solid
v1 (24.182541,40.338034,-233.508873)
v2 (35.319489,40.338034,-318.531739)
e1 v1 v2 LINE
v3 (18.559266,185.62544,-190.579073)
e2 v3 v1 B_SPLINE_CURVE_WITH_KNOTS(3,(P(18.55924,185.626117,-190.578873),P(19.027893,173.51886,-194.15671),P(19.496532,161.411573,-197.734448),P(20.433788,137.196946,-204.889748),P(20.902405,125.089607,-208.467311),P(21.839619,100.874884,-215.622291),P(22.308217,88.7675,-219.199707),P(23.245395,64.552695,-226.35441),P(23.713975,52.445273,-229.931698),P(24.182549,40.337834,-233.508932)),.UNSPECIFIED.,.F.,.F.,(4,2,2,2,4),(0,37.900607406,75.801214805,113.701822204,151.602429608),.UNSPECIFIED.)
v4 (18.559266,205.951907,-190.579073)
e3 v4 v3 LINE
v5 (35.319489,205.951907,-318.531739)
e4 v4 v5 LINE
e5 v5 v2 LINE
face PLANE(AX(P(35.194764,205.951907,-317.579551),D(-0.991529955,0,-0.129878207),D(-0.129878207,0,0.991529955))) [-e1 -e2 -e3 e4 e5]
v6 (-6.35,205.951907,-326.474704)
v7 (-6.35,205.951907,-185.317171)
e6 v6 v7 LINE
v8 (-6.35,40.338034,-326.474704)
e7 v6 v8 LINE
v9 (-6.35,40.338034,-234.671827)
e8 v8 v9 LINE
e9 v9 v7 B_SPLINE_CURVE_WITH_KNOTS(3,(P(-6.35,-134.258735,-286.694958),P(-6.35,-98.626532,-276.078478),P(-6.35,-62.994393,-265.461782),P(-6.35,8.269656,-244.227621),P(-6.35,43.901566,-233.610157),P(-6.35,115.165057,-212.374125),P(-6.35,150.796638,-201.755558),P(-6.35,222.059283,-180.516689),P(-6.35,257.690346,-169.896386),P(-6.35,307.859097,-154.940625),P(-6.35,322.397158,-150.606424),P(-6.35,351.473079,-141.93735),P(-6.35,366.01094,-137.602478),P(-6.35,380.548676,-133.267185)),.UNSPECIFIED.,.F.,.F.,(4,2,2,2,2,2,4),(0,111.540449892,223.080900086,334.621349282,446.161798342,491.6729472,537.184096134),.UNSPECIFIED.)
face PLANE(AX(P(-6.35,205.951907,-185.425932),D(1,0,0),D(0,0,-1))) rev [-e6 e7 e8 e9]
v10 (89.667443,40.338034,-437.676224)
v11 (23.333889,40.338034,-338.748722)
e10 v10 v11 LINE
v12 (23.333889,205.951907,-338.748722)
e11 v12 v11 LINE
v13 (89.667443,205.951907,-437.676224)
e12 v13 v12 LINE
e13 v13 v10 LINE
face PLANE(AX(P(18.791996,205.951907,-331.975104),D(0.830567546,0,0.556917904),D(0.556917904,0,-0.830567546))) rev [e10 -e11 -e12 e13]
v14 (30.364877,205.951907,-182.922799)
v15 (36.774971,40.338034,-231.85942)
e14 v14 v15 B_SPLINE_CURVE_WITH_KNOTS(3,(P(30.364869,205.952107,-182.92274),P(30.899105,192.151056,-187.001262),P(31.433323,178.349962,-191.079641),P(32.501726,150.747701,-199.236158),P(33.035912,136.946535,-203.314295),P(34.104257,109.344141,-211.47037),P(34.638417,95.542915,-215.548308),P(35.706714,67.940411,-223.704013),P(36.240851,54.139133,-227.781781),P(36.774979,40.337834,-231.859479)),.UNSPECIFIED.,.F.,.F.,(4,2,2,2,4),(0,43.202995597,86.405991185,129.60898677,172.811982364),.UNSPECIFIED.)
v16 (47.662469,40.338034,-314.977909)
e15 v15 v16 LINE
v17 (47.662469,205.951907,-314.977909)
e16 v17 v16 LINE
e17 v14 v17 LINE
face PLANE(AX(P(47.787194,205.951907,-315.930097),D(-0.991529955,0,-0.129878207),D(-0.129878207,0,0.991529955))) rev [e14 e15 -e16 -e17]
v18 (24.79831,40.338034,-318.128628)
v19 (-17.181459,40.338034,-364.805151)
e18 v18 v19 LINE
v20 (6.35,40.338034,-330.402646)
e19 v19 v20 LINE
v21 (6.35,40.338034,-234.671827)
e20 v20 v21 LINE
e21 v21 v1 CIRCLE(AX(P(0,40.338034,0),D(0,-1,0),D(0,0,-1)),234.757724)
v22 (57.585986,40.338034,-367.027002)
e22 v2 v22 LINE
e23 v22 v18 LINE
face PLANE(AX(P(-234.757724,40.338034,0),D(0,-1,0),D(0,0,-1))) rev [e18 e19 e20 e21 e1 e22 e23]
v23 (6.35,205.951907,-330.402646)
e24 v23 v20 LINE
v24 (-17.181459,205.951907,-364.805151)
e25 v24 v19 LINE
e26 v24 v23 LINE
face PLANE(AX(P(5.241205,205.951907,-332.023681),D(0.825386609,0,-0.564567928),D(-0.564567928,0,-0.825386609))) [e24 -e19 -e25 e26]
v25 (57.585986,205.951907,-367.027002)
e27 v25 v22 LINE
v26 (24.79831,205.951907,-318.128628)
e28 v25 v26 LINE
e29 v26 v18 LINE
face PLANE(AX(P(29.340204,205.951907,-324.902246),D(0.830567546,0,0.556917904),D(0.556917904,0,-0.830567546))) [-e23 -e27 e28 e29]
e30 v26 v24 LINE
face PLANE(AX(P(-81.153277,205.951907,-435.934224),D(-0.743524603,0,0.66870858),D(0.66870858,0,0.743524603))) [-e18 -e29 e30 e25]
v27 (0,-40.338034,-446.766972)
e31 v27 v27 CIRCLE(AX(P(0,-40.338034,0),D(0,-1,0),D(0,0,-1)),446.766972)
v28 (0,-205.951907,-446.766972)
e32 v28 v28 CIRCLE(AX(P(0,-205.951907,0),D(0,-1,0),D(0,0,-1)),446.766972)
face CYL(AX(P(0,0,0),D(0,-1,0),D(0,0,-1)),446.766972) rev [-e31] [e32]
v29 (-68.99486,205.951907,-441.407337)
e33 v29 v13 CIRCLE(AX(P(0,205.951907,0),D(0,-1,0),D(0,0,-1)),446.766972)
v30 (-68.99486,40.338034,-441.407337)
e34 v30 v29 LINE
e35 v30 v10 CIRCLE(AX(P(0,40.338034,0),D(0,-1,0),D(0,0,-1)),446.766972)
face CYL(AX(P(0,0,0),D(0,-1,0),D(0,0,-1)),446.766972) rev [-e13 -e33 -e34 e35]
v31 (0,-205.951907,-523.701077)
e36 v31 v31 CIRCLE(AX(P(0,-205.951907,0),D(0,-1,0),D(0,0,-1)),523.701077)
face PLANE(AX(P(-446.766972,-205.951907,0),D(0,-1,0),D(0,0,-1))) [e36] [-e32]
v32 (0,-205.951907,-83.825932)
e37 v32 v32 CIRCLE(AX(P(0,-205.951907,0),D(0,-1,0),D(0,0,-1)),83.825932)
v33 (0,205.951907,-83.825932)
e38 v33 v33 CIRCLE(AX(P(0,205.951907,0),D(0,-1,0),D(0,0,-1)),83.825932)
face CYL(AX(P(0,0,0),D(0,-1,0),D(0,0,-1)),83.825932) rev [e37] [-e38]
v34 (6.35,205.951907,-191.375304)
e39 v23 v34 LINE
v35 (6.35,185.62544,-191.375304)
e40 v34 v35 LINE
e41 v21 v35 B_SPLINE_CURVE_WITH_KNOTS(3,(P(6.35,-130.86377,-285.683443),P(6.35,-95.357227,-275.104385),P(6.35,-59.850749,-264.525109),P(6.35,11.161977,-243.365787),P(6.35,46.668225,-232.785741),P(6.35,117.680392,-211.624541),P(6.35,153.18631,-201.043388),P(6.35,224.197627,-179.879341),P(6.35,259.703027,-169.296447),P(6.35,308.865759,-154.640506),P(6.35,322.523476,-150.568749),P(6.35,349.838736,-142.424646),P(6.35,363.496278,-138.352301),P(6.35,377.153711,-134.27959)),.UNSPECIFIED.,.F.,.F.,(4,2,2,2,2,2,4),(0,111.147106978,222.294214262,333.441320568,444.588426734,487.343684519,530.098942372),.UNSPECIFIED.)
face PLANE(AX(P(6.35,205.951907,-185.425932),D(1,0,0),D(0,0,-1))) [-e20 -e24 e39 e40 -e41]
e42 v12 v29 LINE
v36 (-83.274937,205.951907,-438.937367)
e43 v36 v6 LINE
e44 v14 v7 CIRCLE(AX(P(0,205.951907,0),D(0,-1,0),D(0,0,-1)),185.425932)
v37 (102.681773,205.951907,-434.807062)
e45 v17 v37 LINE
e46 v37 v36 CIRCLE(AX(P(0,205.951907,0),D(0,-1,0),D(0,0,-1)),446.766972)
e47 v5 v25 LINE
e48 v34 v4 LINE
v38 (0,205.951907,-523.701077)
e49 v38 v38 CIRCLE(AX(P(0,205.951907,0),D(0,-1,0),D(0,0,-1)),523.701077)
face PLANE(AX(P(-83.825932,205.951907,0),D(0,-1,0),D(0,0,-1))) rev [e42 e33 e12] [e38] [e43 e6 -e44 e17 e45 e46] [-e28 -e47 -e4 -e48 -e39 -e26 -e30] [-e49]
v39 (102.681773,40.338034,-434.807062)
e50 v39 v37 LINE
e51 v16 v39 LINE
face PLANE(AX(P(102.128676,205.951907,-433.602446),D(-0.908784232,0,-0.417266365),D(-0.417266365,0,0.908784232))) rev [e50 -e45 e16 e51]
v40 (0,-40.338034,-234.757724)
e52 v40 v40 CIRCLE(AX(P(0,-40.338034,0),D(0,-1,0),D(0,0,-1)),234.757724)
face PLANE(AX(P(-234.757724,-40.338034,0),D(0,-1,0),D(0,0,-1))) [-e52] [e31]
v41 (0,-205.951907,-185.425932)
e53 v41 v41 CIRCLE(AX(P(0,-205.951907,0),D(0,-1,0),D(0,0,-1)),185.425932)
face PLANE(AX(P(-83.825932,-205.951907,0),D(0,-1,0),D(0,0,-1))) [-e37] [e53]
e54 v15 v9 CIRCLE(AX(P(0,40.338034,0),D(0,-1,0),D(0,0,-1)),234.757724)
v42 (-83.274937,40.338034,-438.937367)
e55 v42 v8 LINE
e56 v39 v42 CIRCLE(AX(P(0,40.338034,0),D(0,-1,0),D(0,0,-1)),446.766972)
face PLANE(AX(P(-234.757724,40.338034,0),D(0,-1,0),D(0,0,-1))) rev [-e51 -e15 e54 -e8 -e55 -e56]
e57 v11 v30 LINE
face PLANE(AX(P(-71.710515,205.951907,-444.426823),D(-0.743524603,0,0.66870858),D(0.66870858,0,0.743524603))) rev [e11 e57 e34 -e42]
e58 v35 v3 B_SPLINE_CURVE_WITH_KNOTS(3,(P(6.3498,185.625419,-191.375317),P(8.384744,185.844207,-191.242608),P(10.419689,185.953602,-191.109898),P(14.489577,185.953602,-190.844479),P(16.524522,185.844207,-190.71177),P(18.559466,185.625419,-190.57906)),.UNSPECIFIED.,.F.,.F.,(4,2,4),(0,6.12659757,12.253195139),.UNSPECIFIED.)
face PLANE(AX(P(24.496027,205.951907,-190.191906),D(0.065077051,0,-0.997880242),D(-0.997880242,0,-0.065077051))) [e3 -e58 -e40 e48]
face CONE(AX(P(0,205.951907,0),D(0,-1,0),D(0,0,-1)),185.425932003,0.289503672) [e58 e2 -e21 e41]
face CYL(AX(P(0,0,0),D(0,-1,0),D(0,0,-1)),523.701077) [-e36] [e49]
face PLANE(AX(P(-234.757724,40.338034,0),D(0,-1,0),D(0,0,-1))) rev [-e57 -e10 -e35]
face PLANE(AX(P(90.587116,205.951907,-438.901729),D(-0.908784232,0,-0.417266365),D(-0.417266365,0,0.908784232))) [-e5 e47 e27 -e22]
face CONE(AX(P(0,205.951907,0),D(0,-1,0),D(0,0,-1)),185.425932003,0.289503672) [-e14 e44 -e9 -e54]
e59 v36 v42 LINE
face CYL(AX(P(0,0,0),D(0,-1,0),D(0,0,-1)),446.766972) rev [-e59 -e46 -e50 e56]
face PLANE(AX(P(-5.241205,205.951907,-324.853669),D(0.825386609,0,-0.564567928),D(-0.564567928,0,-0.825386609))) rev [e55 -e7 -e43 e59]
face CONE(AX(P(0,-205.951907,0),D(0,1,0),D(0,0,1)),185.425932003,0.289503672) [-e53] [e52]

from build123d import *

# Parameters (mm, degrees)
RIB3_REACH = 849.461


with BuildPart() as part:
    # Sketch2 → Revolve2 (revolve)
    with BuildSketch(Plane.XY, mode=Mode.PRIVATE) as revolve2_sk:
        Polygon((-83.825932003, -205.951906896), (-83.825932003, 205.951906896), (-185.425932003, 205.951906896), (-234.75772391, 40.338034064), (-446.766972465, 40.338034064), (-446.766972465, 205.951906896), (-523.701076512, 205.951906896), (-523.701076512, -205.951906896), (-446.766972465, -205.951906896), (-446.766972465, -40.338034064), (-234.75772391, -40.338034064), (-185.425932003, -205.951906896), align=None)
    revolve(revolve2_sk.sketch.rotate(Axis((0, 0, 0), (0, 1, 0)), 270), axis=Axis((0, 0, 0), (0, 1, 0)))

    # Sketch15 walls → Rib3 (add, up to next)
    with BuildSketch(Plane(origin=(0, 205.951906896, 0), x_dir=(1, 0, 0), z_dir=(0, 1, 0)), mode=Mode.PRIVATE) as rib3_sk1:
        Polygon((-6.35, 179.47656005), (-6.35, 326.47470397), (-135.682333379, 515.555894782), (23.333889095, 338.748721611), (135.129805155, 505.477172887), (47.662469422, 314.977908793), (29.606309095, 177.131658856), align=None)
        Polygon((6.35, 191.375303956), (6.35, 330.402645947), (-17.181459102, 364.805151432), (24.798310455, 318.128628306), (57.585986403, 367.02700156), (35.319488971, 318.531739424), (18.559266197, 190.579073097), align=None, mode=Mode.SUBTRACT)
    rib3_tool1 = extrude(rib3_sk1.sketch, amount=-RIB3_REACH, mode=Mode.PRIVATE) - part.part
    add(rib3_tool1.solids().sort_by_distance((60.211997777, 205.951906896, -382.345381091))[0])


solid = part.part
